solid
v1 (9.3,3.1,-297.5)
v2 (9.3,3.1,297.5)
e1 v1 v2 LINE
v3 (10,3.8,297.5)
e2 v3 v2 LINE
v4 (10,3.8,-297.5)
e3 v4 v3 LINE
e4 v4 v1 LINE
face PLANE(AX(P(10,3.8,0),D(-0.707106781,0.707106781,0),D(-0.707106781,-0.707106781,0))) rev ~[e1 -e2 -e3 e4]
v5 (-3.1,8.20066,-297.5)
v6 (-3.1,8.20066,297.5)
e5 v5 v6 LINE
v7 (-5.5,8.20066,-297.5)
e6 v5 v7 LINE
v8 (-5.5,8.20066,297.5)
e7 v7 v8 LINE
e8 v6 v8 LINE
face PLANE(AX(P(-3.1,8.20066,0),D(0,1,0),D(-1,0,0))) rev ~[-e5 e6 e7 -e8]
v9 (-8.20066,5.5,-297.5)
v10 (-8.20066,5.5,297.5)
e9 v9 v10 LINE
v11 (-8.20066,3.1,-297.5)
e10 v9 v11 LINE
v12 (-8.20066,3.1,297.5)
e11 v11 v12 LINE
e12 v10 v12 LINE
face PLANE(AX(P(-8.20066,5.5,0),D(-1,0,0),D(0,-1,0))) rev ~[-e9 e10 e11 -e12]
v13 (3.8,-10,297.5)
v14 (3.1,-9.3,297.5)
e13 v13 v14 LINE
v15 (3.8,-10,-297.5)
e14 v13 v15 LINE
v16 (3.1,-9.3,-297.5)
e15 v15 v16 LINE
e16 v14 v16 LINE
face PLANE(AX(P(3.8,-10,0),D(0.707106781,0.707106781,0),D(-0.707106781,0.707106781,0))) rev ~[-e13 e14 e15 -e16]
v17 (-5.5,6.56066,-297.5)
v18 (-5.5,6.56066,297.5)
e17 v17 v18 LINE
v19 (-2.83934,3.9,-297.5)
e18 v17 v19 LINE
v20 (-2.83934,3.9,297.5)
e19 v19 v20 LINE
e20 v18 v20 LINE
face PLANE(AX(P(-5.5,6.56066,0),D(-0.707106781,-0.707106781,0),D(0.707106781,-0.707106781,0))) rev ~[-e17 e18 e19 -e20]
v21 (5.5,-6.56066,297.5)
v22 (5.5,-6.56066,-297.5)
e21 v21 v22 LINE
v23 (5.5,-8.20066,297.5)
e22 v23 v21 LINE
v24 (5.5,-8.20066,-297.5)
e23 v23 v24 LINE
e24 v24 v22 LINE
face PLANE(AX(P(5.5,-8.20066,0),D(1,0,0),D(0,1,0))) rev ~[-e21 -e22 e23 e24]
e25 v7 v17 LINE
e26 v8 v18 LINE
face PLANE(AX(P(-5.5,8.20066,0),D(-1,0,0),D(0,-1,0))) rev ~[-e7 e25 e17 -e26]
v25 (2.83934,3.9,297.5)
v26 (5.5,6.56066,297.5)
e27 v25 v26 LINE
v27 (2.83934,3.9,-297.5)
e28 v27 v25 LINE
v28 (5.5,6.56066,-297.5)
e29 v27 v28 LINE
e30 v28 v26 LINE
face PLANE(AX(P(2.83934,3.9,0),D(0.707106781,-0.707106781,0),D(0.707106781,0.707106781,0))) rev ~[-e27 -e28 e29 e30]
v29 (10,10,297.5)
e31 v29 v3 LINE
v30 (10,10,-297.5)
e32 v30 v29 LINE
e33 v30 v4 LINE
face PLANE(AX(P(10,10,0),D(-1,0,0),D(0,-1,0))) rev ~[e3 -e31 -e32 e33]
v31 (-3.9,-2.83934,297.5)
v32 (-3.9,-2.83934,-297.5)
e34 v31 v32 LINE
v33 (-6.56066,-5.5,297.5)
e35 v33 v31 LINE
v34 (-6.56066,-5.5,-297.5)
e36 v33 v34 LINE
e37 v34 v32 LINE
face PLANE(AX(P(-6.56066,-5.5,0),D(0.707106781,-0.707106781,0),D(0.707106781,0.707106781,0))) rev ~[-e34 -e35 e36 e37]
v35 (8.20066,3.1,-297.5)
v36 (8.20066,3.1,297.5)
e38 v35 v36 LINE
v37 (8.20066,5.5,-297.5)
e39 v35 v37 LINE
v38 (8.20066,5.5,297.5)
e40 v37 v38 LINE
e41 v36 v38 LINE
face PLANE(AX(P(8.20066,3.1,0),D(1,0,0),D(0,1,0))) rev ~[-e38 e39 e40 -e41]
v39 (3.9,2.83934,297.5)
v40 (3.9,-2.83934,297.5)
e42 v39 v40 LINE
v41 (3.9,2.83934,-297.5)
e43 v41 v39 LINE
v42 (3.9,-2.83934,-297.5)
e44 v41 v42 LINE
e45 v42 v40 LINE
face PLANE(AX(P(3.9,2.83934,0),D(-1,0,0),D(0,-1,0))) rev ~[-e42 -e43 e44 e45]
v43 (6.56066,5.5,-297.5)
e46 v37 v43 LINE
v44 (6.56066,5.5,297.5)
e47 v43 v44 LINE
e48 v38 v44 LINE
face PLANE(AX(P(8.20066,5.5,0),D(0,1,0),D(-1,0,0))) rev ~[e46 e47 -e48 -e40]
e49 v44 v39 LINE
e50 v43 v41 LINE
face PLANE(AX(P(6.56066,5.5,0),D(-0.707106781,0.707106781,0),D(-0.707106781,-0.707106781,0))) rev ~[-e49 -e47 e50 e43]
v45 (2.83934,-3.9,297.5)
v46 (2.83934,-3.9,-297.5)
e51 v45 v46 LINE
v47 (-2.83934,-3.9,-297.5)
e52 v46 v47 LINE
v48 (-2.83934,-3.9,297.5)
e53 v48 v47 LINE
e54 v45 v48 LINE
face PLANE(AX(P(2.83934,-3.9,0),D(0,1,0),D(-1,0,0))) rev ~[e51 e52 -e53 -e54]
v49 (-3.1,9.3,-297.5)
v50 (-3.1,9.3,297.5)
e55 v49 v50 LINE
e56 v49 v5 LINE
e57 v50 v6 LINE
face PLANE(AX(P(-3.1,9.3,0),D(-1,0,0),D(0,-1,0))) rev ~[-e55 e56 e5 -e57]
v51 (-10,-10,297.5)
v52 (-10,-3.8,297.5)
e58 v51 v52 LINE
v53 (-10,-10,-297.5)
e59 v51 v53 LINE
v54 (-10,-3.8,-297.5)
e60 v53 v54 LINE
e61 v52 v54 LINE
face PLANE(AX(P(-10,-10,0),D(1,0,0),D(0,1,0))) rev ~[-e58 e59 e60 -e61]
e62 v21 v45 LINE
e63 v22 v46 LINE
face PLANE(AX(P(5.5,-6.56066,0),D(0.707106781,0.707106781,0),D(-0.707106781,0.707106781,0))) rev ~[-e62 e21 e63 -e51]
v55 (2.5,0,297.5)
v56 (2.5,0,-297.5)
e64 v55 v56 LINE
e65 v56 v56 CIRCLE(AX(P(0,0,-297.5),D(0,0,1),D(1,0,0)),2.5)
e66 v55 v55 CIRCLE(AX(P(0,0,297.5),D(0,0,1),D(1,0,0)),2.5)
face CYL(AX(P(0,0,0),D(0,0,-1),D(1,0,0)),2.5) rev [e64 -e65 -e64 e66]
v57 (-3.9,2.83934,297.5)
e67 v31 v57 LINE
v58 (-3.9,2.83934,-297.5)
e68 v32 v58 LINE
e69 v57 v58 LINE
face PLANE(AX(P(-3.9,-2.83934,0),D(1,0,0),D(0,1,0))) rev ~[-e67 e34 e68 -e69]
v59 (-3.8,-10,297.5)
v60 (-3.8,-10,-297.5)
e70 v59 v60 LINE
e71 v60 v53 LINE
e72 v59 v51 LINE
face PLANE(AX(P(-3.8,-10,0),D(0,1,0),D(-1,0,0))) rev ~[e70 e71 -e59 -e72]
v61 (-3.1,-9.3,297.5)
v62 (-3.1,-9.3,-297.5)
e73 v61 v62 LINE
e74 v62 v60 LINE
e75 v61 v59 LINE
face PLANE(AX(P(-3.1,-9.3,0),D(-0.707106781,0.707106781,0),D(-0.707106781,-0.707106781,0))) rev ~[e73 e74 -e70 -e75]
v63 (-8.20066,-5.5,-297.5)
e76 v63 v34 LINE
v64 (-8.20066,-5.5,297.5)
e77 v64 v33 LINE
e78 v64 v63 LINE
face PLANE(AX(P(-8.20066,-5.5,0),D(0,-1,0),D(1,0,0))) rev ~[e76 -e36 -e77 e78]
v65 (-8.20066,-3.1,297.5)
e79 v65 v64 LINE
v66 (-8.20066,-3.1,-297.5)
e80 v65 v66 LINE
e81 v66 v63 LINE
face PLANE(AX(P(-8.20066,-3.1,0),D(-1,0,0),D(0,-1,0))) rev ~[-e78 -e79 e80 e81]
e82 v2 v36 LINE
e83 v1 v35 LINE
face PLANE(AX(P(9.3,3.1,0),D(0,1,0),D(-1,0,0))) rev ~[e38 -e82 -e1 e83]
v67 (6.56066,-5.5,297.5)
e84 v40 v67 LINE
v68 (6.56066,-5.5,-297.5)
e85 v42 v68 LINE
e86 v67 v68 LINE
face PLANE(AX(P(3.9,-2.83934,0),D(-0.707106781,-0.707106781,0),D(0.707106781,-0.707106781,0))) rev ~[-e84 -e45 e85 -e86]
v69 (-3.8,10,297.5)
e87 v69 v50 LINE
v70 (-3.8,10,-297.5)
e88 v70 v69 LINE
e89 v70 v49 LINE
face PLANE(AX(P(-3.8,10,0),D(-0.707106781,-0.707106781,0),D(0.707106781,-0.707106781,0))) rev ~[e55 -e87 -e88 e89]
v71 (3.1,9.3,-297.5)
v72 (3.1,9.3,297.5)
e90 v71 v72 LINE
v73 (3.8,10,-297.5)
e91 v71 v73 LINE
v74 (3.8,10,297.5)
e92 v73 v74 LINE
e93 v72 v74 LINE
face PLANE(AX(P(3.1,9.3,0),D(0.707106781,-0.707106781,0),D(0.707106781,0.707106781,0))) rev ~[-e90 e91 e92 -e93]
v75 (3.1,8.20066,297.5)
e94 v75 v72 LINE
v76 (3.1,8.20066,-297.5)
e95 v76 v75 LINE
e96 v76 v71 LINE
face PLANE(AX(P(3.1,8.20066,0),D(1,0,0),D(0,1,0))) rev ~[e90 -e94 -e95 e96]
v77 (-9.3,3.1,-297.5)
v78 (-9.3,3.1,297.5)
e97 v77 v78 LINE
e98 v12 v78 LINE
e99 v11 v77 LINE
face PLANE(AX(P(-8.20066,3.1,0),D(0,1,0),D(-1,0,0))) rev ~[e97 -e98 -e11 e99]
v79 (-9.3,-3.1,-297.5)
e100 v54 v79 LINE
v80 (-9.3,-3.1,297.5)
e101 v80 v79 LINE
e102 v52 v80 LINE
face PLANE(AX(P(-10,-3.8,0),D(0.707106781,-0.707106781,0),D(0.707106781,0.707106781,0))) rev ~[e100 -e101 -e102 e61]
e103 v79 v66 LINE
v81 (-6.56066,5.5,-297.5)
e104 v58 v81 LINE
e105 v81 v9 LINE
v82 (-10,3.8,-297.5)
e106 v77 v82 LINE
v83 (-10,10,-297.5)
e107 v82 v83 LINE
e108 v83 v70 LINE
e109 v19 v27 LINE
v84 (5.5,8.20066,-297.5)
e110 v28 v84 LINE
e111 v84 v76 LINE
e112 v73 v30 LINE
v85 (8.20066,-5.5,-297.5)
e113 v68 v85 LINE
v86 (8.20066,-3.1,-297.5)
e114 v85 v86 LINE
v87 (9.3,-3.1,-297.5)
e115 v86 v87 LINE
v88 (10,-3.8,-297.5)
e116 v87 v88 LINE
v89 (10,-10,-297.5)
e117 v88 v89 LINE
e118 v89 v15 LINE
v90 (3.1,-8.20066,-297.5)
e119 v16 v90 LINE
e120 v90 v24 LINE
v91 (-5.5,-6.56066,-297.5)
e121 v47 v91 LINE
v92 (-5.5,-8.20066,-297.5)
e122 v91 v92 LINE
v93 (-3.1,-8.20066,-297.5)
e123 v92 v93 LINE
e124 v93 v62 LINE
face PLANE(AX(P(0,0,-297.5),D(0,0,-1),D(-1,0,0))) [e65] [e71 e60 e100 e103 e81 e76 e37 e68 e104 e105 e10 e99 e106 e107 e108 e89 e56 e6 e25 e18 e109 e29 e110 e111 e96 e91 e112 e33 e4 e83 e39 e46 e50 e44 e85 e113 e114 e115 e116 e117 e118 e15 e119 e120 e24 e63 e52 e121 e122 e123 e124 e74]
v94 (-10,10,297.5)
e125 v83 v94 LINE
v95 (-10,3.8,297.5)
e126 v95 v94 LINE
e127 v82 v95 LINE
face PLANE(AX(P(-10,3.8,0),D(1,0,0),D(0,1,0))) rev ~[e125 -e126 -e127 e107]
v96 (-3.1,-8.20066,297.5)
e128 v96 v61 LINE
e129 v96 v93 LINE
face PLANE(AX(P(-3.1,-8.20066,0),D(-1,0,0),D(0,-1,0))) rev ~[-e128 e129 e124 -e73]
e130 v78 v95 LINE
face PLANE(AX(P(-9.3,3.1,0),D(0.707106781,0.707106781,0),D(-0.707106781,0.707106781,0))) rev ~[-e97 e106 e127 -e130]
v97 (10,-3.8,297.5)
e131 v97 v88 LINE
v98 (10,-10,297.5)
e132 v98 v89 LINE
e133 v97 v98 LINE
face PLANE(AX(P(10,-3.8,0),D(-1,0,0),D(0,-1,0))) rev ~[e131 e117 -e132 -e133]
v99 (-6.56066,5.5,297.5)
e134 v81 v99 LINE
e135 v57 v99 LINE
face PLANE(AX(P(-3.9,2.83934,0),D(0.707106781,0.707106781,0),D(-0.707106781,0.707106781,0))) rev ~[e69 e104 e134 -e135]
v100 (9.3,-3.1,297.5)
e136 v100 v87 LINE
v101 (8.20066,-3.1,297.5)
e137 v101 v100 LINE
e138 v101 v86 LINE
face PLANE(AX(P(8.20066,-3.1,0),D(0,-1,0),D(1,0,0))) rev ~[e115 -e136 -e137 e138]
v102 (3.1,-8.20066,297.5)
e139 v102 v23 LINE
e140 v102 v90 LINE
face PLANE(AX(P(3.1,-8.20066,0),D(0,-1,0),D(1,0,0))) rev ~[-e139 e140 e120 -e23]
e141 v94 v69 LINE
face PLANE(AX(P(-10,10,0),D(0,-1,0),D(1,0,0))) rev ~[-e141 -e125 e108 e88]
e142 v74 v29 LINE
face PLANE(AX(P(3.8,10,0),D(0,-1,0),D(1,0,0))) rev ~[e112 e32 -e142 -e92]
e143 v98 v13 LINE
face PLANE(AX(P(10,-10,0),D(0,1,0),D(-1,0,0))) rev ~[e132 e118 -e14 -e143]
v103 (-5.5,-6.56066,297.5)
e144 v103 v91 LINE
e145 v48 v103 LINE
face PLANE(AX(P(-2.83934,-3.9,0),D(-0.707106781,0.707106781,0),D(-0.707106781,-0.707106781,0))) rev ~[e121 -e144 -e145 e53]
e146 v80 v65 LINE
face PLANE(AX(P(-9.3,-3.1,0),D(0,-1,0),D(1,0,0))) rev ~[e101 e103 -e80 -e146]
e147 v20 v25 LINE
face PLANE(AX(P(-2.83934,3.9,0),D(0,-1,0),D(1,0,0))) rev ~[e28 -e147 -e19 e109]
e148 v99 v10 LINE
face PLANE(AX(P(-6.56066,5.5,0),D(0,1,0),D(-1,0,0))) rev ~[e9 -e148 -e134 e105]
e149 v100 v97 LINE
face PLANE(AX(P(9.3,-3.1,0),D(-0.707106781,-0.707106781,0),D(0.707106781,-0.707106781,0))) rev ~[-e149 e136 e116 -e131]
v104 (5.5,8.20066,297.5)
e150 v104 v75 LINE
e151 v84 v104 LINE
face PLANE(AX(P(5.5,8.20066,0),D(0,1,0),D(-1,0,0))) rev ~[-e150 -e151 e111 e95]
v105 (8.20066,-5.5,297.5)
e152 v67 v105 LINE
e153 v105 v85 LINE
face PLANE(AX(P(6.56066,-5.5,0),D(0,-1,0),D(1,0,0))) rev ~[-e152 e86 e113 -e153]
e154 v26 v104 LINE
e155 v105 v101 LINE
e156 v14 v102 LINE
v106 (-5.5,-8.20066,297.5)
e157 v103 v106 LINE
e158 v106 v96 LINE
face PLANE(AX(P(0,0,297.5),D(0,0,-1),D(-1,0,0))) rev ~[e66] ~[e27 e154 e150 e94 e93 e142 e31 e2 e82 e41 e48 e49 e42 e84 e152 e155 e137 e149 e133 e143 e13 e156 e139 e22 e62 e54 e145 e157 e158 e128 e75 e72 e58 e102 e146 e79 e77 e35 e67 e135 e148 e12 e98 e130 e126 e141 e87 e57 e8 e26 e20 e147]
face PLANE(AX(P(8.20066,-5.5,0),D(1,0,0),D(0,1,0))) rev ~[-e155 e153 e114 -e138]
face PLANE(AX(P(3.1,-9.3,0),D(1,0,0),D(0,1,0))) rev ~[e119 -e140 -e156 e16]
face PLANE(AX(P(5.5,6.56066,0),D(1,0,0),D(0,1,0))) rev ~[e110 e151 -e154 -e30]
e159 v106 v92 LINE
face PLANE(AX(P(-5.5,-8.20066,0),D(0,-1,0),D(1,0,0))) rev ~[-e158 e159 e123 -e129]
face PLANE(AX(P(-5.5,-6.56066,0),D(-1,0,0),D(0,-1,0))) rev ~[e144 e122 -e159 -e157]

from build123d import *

# Parameters (mm, degrees)
SKETCH1_R           = 2.5
BOSS_EXTRUDE1_DEPTH = 297.5


with BuildPart() as part:
    # Sketch1 → Boss-Extrude1 (new, symmetric)
    with BuildSketch(Plane.XY):
        Polygon((3.9, -2.839339828), (6.560660172, -5.5), (8.200660172, -5.5), (8.200660172, -3.1), (9.3, -3.1), (10, -3.8), (10, -10), (3.8, -10), (3.1, -9.3), (3.1, -8.200660172), (5.5, -8.200660172), (5.5, -6.560660172), (2.839339828, -3.9), (-2.839339828, -3.9), (-5.5, -6.560660172), (-5.5, -8.200660172), (-3.1, -8.200660172), (-3.1, -9.3), (-3.8, -10), (-10, -10), (-10, -3.8), (-9.3, -3.1), (-8.200660172, -3.1), (-8.200660172, -5.5), (-6.560660172, -5.5), (-3.9, -2.839339828), (-3.9, 2.839339828), (-6.560660172, 5.5), (-8.200660172, 5.5), (-8.200660172, 3.1), (-9.3, 3.1), (-10, 3.8), (-10, 10), (-3.8, 10), (-3.1, 9.3), (-3.1, 8.200660172), (-5.5, 8.200660172), (-5.5, 6.560660172), (-2.839339828, 3.9), (2.839339828, 3.9), (5.5, 6.560660172), (5.5, 8.200660172), (3.1, 8.200660172), (3.1, 9.3), (3.8, 10), (10, 10), (10, 3.8), (9.3, 3.1), (8.200660172, 3.1), (8.200660172, 5.5), (6.560660172, 5.5), (3.9, 2.839339828), align=None)
        Circle(SKETCH1_R, mode=Mode.SUBTRACT)
    extrude(amount=BOSS_EXTRUDE1_DEPTH, both=True)


solid = part.part
